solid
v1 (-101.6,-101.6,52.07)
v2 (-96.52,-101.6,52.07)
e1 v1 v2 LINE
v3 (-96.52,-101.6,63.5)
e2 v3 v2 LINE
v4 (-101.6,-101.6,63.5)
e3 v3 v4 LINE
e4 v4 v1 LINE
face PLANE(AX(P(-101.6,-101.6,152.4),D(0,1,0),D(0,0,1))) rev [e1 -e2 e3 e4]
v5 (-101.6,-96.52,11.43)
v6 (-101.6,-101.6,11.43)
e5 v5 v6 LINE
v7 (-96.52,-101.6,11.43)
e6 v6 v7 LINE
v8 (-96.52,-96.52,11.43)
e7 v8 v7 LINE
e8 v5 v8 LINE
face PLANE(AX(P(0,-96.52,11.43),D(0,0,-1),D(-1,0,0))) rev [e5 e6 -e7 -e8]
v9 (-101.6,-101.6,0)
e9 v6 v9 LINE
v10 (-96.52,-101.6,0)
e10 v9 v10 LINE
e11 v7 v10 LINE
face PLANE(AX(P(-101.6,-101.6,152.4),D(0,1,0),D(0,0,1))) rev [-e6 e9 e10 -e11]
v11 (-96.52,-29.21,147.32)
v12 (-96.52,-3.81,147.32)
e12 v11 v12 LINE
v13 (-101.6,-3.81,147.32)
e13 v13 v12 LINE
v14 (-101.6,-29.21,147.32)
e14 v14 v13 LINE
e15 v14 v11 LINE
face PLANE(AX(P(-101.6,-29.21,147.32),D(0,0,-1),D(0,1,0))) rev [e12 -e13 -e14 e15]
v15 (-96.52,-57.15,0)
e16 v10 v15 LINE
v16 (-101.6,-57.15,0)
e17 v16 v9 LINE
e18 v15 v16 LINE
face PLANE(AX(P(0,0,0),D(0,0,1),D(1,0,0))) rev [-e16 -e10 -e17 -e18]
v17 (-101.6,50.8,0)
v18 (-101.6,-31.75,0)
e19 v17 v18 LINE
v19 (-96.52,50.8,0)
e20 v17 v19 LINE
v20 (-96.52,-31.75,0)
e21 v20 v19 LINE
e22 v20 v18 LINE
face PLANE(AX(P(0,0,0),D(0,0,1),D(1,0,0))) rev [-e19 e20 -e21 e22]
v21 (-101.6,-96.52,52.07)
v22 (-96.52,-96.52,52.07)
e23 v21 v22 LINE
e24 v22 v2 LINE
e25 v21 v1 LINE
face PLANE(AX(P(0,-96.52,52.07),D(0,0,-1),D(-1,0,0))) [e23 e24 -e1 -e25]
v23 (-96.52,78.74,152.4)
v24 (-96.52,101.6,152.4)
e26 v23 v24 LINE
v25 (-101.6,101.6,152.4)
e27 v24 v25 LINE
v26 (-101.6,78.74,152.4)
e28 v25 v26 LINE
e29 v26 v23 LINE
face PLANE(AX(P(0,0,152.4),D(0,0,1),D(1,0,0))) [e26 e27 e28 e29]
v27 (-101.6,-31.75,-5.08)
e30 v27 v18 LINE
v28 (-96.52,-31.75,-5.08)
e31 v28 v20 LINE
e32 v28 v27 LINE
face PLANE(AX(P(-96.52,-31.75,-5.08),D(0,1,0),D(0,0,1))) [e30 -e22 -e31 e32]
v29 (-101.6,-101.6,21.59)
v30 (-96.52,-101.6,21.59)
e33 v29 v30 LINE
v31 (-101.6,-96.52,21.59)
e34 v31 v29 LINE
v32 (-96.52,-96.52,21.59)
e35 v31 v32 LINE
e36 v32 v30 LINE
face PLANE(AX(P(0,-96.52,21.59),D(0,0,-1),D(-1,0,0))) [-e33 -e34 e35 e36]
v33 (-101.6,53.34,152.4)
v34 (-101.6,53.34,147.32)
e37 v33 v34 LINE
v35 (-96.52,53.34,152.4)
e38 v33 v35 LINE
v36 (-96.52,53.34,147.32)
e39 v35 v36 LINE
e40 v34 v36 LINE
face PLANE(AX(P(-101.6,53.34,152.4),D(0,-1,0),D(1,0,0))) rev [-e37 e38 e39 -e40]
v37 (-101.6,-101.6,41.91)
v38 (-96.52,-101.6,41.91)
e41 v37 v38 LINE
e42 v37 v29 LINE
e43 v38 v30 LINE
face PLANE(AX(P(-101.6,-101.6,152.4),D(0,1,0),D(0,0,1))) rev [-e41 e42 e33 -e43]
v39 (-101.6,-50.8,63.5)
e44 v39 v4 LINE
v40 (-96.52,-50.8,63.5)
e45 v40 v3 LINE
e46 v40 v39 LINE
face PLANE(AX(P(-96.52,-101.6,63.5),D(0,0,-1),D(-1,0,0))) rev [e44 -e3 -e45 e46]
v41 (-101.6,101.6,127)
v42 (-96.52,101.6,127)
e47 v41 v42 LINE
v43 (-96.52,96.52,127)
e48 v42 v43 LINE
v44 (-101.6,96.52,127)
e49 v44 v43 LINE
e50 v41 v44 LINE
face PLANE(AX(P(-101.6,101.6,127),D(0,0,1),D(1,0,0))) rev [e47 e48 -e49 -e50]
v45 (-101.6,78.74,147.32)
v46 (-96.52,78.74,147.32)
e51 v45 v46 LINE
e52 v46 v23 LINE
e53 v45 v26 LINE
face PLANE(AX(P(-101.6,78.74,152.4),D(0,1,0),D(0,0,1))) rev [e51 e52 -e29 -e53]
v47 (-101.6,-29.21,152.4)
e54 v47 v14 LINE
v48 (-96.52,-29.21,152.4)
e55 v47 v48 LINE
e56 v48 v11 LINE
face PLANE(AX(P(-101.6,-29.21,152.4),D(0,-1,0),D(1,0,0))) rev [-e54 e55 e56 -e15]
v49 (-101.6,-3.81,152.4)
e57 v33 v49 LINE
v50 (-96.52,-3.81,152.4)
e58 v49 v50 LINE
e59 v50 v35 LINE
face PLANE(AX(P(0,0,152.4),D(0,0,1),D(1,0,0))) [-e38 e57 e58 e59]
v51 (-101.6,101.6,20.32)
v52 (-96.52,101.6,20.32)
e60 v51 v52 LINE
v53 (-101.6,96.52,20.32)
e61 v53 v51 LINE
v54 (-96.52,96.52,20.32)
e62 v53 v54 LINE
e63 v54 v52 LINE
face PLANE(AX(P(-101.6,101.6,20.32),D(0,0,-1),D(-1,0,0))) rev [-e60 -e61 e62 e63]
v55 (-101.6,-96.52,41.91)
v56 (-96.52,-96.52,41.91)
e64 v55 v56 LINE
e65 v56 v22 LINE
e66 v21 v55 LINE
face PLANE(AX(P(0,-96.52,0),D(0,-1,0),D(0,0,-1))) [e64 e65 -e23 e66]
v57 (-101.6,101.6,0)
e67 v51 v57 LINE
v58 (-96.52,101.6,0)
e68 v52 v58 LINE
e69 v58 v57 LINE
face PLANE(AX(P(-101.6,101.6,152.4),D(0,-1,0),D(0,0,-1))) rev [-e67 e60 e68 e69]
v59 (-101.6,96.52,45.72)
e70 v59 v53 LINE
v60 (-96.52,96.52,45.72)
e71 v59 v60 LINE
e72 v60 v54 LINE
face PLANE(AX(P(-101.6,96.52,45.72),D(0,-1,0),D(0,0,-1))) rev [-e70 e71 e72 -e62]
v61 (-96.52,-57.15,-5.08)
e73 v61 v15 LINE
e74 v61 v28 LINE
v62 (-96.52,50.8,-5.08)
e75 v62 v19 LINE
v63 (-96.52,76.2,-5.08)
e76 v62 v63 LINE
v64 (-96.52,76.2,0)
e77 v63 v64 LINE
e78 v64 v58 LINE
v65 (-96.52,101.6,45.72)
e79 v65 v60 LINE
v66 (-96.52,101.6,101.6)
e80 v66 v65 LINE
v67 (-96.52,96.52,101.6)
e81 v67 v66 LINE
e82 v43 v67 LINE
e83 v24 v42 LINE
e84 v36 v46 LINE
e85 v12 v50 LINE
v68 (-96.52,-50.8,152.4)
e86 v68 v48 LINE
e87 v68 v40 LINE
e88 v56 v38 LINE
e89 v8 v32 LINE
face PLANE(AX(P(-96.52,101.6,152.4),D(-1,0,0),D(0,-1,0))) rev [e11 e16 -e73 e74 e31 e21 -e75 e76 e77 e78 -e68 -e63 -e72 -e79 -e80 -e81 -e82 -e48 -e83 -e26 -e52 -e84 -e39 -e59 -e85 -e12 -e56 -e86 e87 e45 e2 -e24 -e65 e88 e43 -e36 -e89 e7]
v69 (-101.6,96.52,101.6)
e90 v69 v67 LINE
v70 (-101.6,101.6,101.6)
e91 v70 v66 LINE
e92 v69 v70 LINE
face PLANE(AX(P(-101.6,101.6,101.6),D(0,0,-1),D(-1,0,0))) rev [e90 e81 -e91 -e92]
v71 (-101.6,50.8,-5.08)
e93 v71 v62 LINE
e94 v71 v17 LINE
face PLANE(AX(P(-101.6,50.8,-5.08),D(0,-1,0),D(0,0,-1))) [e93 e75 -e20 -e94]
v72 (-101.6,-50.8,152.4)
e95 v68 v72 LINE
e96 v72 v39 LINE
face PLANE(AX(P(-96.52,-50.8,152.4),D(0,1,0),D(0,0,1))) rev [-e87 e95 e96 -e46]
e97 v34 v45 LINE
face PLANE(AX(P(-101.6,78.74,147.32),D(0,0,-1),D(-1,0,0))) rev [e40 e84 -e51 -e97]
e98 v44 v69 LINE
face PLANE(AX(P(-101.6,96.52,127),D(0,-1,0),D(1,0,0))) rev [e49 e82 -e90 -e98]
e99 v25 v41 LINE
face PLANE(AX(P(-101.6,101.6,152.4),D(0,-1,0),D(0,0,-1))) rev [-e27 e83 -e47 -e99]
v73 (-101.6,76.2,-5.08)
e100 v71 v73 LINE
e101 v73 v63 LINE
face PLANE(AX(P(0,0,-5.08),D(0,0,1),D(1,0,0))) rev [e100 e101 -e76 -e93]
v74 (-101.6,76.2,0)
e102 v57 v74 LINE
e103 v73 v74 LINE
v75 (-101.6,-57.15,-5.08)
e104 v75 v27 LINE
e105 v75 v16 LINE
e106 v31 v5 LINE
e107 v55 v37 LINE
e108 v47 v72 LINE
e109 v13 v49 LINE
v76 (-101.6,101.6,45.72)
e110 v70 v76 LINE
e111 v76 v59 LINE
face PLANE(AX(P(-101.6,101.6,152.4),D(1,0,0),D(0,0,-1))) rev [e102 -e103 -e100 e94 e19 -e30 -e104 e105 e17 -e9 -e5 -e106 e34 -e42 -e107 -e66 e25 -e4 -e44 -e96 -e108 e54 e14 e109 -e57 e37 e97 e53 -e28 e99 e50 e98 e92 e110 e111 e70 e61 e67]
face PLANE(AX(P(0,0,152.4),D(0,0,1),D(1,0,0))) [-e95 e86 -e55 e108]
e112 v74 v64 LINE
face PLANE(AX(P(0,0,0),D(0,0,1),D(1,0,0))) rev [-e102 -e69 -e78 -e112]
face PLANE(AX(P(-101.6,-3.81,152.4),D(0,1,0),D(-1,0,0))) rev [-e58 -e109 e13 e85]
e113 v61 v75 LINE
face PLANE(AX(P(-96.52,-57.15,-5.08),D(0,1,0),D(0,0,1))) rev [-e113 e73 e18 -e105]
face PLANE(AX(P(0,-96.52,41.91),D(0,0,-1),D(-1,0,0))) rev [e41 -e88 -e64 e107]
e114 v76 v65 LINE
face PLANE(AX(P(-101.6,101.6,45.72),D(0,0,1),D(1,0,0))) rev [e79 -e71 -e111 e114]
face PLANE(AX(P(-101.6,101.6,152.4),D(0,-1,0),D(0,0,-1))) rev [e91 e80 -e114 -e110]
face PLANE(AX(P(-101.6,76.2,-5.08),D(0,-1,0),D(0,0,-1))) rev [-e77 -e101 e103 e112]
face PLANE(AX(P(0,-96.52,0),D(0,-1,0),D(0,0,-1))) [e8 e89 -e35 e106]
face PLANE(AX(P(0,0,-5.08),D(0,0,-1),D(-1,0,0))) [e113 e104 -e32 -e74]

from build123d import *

# Parameters (mm, degrees)
SKETCH1_W           = 5.08
SKETCH1_H           = 203.2
BOSS_EXTRUDE1_DEPTH = 152.4
SKETCH2_W           = 88.9
SKETCH2_H           = 50.8
CUT_EXTRUDE1_DEPTH  = 5.08
SKETCH3_W           = 5.08
SKETCH3_H           = 10.16
CUT_EXTRUDE2_DEPTH  = 5.08
SKETCH5_W           = 5.08
SKETCH5_H           = 25.4
BOSS_EXTRUDE2_DEPTH = 5.08
SKETCH6_W           = 25.4
SKETCH6_H           = 5.08
SKETCH6_W_2         = 5.08
SKETCH6_H_2         = 25.4
CUT_EXTRUDE3_DEPTH  = 5.08


with BuildPart() as part:
    # Sketch1 → Boss-Extrude1 (new body)
    with BuildSketch(Plane.XY):
        with Locations((-99.06, 0)):
            Rectangle(SKETCH1_W, SKETCH1_H)
    extrude(amount=BOSS_EXTRUDE1_DEPTH)

    # Sketch2 → Cut-Extrude1 (cut)
    with BuildSketch(Plane.ZY.offset(101.6)):
        with Locations((107.95, -76.2)):
            Rectangle(SKETCH2_W, SKETCH2_H)
    extrude(amount=-CUT_EXTRUDE1_DEPTH, mode=Mode.SUBTRACT)

    # Sketch3 → Cut-Extrude2 (cut)
    with BuildSketch(Plane.XZ.offset(101.6)):
        with Locations((-99.06, 46.99)):
            Rectangle(SKETCH3_W, SKETCH3_H)
        with Locations((-99.06, 16.51)):
            Rectangle(SKETCH3_W, SKETCH3_H)
    extrude(amount=-CUT_EXTRUDE2_DEPTH, mode=Mode.SUBTRACT)

    # Sketch5 → Boss-Extrude2 (add)
    with BuildSketch(Plane(origin=(0, 0, 0), x_dir=(-1, 0, 0), z_dir=(0, 0, -1))):
        with Locations((99.06, -44.45)):
            Rectangle(SKETCH5_W, SKETCH5_H)
        with Locations((99.06, 63.5)):
            Rectangle(SKETCH5_W, SKETCH5_H)
    extrude(amount=BOSS_EXTRUDE2_DEPTH)

    # Sketch6 → Cut-Extrude3 (cut)
    with BuildSketch(Plane(origin=(-96.52, 0, 0), x_dir=(0, 0, -1), z_dir=(1, 0, 0))):
        with Locations((-114.3, 99.06)):
            Rectangle(SKETCH6_W, SKETCH6_H)
        with Locations((-33.02, 99.06)):
            Rectangle(SKETCH6_W, SKETCH6_H)
        with Locations((-149.86, 66.04)):
            Rectangle(SKETCH6_W_2, SKETCH6_H_2)
        with Locations((-149.86, -16.51)):
            Rectangle(SKETCH6_W_2, SKETCH6_H_2)
    extrude(amount=-CUT_EXTRUDE3_DEPTH, mode=Mode.SUBTRACT)


solid = part.part
